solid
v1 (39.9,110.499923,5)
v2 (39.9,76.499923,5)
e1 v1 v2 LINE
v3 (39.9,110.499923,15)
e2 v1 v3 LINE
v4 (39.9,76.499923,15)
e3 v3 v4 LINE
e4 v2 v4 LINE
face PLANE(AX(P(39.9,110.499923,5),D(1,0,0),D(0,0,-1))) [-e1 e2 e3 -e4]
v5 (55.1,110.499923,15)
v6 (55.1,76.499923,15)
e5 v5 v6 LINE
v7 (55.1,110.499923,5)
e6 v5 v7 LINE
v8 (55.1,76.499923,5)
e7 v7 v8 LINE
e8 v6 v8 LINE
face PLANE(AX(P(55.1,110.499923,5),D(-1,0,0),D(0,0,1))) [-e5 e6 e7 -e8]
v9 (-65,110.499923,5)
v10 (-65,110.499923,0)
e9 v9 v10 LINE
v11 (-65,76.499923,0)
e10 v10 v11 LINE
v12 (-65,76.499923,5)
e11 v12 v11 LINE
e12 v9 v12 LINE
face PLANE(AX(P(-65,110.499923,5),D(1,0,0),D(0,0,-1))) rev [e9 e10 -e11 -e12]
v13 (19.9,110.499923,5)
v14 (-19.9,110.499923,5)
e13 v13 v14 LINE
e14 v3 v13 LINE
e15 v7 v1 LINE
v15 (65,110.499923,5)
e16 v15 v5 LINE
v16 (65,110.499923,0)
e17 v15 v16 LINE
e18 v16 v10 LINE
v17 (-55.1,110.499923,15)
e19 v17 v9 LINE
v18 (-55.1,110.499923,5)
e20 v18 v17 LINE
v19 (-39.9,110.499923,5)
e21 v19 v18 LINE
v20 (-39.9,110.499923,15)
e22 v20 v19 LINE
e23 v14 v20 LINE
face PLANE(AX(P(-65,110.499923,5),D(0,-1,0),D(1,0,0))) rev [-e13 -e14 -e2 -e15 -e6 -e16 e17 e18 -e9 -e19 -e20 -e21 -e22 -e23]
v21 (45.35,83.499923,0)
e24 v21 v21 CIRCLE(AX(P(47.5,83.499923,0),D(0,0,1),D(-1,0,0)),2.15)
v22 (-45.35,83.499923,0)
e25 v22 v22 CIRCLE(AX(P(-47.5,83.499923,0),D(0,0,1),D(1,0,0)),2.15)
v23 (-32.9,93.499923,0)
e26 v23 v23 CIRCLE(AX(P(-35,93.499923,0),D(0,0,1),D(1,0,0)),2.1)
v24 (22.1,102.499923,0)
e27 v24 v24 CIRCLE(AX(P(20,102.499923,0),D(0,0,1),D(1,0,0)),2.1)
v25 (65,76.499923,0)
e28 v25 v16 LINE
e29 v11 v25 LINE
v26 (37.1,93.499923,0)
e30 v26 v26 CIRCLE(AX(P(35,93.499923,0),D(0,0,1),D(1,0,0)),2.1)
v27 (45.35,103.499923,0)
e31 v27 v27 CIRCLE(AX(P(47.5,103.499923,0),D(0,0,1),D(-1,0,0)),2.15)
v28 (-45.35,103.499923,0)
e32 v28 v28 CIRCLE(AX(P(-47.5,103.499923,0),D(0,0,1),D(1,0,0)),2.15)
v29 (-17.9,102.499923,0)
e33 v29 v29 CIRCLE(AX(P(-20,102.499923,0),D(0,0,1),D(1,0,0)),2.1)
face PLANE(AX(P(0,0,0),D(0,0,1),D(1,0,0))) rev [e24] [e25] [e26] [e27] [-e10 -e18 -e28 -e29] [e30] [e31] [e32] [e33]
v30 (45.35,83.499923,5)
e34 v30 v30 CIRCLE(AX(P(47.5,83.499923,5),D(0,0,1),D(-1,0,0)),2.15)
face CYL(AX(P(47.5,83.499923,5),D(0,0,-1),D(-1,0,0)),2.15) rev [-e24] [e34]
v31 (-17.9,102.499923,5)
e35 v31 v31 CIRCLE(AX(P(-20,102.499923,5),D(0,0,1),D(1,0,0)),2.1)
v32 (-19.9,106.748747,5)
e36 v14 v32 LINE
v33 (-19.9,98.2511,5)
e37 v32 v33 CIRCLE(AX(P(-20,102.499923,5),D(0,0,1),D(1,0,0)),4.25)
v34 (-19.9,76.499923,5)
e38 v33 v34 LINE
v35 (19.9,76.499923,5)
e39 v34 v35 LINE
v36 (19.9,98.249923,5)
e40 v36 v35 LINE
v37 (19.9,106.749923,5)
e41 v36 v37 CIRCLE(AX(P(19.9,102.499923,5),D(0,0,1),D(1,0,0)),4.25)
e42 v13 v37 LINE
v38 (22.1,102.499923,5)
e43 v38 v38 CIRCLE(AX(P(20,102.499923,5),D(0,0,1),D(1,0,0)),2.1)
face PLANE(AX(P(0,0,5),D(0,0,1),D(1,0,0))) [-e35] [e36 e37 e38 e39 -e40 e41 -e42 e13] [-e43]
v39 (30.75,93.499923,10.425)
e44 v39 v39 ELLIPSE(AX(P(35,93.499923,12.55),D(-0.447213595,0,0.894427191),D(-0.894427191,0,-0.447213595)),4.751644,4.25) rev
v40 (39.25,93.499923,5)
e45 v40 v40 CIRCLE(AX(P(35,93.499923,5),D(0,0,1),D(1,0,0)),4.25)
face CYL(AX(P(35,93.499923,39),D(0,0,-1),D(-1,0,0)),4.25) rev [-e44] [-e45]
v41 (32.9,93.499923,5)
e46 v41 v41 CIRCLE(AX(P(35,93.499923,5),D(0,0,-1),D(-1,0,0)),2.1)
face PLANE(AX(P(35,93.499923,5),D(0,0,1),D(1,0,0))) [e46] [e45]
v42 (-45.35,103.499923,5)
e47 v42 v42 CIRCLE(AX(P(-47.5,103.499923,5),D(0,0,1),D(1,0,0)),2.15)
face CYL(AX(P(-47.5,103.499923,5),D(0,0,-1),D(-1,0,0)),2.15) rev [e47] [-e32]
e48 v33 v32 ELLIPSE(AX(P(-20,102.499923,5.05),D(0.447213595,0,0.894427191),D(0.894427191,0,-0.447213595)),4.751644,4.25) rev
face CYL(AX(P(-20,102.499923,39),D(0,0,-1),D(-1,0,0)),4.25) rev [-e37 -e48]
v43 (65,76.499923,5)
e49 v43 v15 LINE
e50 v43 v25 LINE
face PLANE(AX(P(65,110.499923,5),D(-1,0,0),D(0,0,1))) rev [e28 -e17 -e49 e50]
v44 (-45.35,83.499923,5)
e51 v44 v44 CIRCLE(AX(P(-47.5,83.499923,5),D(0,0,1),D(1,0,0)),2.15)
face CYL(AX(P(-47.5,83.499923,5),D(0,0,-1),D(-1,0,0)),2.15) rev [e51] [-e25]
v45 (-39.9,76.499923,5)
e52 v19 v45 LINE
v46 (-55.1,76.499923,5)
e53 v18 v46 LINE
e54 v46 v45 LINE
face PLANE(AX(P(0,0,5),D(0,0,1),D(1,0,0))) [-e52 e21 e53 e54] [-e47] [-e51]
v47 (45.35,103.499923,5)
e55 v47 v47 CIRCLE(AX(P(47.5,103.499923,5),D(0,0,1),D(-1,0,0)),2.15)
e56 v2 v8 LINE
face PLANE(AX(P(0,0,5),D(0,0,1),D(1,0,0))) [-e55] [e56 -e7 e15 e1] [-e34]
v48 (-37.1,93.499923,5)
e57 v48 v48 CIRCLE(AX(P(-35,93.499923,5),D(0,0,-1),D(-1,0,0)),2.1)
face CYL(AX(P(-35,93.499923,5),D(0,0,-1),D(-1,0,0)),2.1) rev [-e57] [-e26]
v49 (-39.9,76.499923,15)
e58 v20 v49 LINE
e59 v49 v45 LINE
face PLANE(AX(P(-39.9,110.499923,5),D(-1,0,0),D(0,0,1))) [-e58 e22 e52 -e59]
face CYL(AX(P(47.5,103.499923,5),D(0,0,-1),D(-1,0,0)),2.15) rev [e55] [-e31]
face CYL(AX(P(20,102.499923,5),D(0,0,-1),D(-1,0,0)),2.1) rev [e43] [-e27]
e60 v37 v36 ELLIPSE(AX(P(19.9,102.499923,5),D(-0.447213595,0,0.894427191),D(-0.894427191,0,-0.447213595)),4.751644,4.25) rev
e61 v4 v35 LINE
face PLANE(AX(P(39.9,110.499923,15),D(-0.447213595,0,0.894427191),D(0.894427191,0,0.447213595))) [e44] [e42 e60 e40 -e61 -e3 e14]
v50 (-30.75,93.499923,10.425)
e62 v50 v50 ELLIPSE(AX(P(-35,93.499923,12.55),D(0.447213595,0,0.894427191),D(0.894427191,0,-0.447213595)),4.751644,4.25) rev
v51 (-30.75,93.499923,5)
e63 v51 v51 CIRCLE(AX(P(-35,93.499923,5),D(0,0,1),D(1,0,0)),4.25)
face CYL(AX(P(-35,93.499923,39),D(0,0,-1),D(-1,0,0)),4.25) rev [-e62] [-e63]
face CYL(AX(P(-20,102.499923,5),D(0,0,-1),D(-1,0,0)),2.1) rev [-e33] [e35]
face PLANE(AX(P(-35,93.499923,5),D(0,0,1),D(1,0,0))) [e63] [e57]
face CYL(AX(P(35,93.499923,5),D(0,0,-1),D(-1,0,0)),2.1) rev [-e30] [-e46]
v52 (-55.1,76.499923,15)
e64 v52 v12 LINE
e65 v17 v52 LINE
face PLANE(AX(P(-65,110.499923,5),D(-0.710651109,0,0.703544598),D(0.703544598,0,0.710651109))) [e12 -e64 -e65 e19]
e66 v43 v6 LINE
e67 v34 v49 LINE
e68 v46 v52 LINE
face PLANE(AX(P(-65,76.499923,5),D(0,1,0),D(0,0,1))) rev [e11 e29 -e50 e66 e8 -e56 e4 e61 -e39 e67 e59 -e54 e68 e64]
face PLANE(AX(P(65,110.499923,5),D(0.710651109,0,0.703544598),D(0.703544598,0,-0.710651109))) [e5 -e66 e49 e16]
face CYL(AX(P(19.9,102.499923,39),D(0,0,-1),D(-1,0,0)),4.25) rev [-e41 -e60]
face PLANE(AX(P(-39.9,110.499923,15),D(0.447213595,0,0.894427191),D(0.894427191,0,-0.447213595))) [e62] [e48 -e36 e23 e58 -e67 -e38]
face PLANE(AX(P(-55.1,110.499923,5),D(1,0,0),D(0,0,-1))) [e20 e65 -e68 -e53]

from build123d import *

# Parameters (mm, degrees)
SKETCH1_W          = 130
SKETCH1_H          = 34
SKETCH1_R          = 2.1
SKETCH1_R_2        = 2.15
EXTRUDE1_DEPTH     = 5
EXTRUDE2_DEPTH     = 34
SKETCH4_R          = 4.25
CUT_EXTRUDE1_DEPTH = 34


with BuildPart() as part:
    # Sketch1 → Extrude1 (new body)
    with BuildSketch(Plane.XY):
        with Locations((0, 93.499923245)):
            Rectangle(SKETCH1_W, SKETCH1_H)
        with Locations((35, 93.499923245)):
            Circle(SKETCH1_R, mode=Mode.SUBTRACT)
        with Locations((20, 102.499923245)):
            Circle(SKETCH1_R, mode=Mode.SUBTRACT)
        with Locations((-35, 93.499923245)):
            Circle(SKETCH1_R, mode=Mode.SUBTRACT)
        with Locations((-20, 102.499923245)):
            Circle(SKETCH1_R, mode=Mode.SUBTRACT)
        with Locations((-47.5, 103.499923245)):
            Circle(SKETCH1_R_2, mode=Mode.SUBTRACT)
        with Locations((-47.5, 83.499923245)):
            Circle(SKETCH1_R_2, mode=Mode.SUBTRACT)
        with Locations(Location((47.5, 83.499923245, 0), (0, 0, 180))):
            Circle(SKETCH1_R_2, mode=Mode.SUBTRACT)
        with Locations(Location((47.5, 103.499923245, 0), (0, 0, 180))):
            Circle(SKETCH1_R_2, mode=Mode.SUBTRACT)
    extrude(amount=EXTRUDE1_DEPTH)

    # Sketch3 → Extrude2 (add)
    with BuildSketch(Plane.XZ.offset(-76.499923245)):
        Polygon((-65, 5), (-55.1, 5), (-55.1, 15), align=None)
        Polygon((-39.9, 5), (-19.9, 5), (-39.9, 15), align=None)
        Polygon((39.9, 15), (19.9, 5), (39.9, 5), align=None)
        Polygon((65, 5), (55.1, 15), (55.1, 5), align=None)
    extrude(amount=-EXTRUDE2_DEPTH)

    # Sketch4 → Cut-Extrude1 (cut)
    with BuildSketch(Plane.XY.offset(5)):
        with Locations((-20, 102.499923245)):
            Circle(SKETCH4_R)
        with Locations((19.9, 102.499923245)):
            Circle(SKETCH4_R)
        with Locations((-35, 93.499923245)):
            Circle(SKETCH4_R)
        with Locations(Location((35, 93.499923245, 0), (0, 0, 180))):
            Circle(SKETCH4_R)
    extrude(amount=CUT_EXTRUDE1_DEPTH, mode=Mode.SUBTRACT)


solid = part.part
